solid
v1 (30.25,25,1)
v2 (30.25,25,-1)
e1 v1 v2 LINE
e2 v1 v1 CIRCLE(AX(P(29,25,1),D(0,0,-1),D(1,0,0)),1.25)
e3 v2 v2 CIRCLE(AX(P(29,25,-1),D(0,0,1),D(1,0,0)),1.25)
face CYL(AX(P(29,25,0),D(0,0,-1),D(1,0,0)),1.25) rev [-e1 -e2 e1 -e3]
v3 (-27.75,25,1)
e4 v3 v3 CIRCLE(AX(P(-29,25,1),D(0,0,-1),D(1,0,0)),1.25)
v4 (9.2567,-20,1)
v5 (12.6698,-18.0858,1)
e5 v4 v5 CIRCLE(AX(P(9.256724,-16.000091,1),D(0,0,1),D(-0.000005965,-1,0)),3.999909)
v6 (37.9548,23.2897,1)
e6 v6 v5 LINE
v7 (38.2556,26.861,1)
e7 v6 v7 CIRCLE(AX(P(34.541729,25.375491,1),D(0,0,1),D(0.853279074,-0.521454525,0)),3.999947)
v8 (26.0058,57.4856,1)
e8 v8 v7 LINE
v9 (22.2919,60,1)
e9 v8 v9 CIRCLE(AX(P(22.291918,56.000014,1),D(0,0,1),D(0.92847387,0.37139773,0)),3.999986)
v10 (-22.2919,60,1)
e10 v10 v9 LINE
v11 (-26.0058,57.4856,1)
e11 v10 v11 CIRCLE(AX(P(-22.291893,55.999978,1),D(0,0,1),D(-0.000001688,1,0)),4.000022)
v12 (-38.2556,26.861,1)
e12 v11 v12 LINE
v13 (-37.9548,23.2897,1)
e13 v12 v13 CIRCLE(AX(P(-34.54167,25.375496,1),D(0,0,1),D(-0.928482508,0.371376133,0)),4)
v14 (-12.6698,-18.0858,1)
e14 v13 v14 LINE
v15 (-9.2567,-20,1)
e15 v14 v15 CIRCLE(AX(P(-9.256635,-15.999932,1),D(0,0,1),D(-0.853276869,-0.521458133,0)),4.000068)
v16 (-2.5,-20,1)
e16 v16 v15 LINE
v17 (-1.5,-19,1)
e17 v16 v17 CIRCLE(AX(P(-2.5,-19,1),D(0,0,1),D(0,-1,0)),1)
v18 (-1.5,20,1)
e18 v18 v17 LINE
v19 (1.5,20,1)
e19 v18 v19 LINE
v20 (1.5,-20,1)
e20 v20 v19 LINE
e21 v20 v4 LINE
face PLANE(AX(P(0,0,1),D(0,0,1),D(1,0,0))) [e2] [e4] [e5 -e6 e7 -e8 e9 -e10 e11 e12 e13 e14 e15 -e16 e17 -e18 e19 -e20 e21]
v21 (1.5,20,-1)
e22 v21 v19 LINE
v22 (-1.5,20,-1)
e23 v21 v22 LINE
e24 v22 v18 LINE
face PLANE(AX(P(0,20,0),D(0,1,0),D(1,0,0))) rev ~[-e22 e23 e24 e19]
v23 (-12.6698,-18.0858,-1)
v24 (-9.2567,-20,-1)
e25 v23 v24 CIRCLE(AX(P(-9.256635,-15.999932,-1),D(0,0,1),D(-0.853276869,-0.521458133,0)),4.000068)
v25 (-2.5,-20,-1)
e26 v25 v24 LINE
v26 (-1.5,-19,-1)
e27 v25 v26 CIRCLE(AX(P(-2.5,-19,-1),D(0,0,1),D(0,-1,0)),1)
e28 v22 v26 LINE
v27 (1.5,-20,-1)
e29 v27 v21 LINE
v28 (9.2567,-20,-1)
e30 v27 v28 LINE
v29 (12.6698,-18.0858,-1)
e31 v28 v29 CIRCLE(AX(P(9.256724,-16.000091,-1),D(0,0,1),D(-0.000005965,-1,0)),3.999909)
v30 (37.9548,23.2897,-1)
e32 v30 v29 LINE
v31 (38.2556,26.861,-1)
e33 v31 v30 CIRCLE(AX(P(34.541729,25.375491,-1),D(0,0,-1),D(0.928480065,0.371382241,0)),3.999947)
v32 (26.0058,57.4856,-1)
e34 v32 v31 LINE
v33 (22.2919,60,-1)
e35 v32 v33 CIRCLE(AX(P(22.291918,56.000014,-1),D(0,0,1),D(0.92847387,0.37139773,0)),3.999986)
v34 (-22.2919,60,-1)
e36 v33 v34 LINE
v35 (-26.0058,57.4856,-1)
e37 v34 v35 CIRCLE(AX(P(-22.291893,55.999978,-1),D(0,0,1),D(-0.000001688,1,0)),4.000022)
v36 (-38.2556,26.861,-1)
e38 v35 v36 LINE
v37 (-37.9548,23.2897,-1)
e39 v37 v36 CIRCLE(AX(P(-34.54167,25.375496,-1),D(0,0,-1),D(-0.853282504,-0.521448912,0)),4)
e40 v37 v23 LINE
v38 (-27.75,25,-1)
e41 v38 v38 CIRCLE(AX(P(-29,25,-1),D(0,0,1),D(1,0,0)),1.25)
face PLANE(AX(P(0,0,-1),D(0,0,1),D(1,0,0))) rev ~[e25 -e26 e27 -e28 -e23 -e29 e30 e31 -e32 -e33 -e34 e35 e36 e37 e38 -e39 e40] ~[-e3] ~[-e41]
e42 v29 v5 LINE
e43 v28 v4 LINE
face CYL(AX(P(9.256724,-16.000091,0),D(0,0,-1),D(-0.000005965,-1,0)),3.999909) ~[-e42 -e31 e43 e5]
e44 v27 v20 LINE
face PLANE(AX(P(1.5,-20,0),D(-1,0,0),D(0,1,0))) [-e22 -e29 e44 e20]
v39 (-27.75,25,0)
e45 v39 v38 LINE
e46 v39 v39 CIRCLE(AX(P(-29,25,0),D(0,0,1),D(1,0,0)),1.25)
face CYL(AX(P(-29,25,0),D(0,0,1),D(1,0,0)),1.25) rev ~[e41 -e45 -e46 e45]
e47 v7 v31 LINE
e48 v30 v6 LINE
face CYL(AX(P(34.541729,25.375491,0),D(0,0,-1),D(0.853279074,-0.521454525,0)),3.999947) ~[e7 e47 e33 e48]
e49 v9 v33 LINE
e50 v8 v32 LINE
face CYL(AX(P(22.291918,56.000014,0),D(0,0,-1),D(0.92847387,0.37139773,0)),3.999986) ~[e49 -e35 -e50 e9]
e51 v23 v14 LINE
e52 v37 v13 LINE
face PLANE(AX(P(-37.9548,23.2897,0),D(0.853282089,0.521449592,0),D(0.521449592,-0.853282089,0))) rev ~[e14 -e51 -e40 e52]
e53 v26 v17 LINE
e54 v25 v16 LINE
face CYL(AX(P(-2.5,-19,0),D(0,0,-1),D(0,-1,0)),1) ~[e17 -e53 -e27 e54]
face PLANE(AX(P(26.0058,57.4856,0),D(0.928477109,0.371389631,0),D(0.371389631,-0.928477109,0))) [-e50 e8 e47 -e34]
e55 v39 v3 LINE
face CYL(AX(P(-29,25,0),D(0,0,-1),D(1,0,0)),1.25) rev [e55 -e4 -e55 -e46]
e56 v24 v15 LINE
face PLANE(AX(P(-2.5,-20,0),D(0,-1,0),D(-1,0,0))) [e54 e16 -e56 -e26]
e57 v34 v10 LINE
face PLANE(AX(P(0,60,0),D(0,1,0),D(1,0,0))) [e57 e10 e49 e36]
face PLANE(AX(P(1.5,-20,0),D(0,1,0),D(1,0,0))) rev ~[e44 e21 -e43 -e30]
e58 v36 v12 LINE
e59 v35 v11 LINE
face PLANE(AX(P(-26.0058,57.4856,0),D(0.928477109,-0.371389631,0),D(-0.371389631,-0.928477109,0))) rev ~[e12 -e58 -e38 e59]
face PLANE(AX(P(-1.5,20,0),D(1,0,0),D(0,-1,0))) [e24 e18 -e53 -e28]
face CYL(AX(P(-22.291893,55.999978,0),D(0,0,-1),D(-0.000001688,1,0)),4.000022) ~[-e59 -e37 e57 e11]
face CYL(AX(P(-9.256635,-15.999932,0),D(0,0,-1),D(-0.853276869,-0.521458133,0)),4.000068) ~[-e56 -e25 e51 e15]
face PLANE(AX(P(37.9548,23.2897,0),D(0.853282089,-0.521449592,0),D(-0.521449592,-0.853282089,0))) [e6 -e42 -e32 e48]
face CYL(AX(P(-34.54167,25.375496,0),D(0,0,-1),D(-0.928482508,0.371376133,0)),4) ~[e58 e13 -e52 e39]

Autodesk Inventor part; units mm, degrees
ref_plane "YZ Plane" through (0, 0, 0) normal (1, 0, 0) x (0, 1, 0)
ref_plane "XZ Plane" through (0, 0, 0) normal (0, 1, 0) x (-1, 0, 0)
ref_plane "XY Plane" through (0, 0, 0) normal (0, 0, 1) x (1, 0, 0)
sketch "Sketch6" plane through (0, 0, 0) normal (0, 0, 1) x (1, 0, 0)
  line L0 (0, 0) -> (0, 20)
  line L1 (0, 0) -> (0, -19)
  line L2 (0, 20) -> (29, 20)
  line L3 (29, 20) -> (29, 25)
  line L4 (0, 20) -> (-29, 20)
  line L5 (-29, 20) -> (-29, 25)
  circle A0 centre (-29, 25) radius 1.25
  circle A1 centre (29, 25) radius 1.25
  line L6 (-29, 25) -> (-39, 25)
  line L7 (29, 25) -> (39, 25)
  line L8 (0, 20) -> (1.5, 20)
  line L9 (1.5, 20) -> (-1.5, 20)
  line L10 (-1.5, 20) -> (-1.5, -19)
  line L11 (1, -20) -> (1.5, -20)
  line L12 (1.5, -20) -> (1.5, 20)
  line L13 (1.5, -20) -> (9.2567, -20)
  line L14 (-2.5, -20) -> (-9.2567, -20)
  line L15 (-37.9548, 23.2897) -> (-12.6698, -18.0858)
  line L16 (37.9548, 23.2897) -> (12.6698, -18.0858)
  arc A2 (-12.6698, -18.0858) -> (-9.2567, -20) centre (-9.2567, -16) ccw
  arc A3 (9.2567, -20) -> (12.6698, -18.0858) centre (9.2567, -16) ccw
  arc A4 (0, -19) -> (1, -20) centre (1, -19) ccw
  arc A5 (-2.5, -20) -> (-1.5, -19) centre (-2.5, -19) ccw
  line L17 (0, 20) -> (0, 60)
  line L18 (0, 60) -> (22.2919, 60)
  line L19 (0, 60) -> (-22.2919, 60)
  line L20 (-26.0058, 57.4856) -> (-38.2556, 26.861)
  line L21 (26.0058, 57.4856) -> (38.2556, 26.861)
  arc A6 (-38.2556, 26.861) -> (-37.9548, 23.2897) centre (-34.5417, 25.3755) ccw
  arc A7 (37.9548, 23.2897) -> (38.2556, 26.861) centre (34.5417, 25.3755) ccw
  arc A8 (26.0058, 57.4856) -> (22.2919, 60) centre (22.2919, 56) ccw
  arc A9 (-22.2919, 60) -> (-26.0058, 57.4856) centre (-22.2919, 56) ccw
  point P0 (0, -20)
  point P1 (-1.5, -20)
  point P2 (11.5, -20)
  point P3 (-11.5, -20)
  point P4 (25, 60)
  point P5 (-25, 60)
  dimension "d115" = 20
  dimension "d116" = 20
  dimension "d117" = 29
  dimension "d118" = 5
  dimension "d119" = 5
  dimension "d120" = 29
  dimension "d121" = 2.5
  dimension "d122" = 2.5
  dimension "d123" = 10
  dimension "d124" = 10
  dimension "d125" = 1.5
  dimension "d126" = 3
  dimension "d127" = 10
  dimension "d128" = 10
  dimension "d129" = 4
  dimension "d130" = 1
  dimension "d131" = 40
  dimension "d132" = 25
  dimension "d133" = 25
  dimension "d134" = 4
extrude "Extrusion8" add sketch "Sketch6" along normal mid plane 2 contours L17 L18 A8 L21 A7 L7 A1 L3 L2 | L4 L5 A0 L6 A6 L20 A9 L19 L17 | L2 L3 A1 L7 A7 L16 A3 L13 L12 | L10 A5 L14 A2 L15 A6 L6 A0 L5 L4
properties part number "link7" material "Aluminum 6061"
